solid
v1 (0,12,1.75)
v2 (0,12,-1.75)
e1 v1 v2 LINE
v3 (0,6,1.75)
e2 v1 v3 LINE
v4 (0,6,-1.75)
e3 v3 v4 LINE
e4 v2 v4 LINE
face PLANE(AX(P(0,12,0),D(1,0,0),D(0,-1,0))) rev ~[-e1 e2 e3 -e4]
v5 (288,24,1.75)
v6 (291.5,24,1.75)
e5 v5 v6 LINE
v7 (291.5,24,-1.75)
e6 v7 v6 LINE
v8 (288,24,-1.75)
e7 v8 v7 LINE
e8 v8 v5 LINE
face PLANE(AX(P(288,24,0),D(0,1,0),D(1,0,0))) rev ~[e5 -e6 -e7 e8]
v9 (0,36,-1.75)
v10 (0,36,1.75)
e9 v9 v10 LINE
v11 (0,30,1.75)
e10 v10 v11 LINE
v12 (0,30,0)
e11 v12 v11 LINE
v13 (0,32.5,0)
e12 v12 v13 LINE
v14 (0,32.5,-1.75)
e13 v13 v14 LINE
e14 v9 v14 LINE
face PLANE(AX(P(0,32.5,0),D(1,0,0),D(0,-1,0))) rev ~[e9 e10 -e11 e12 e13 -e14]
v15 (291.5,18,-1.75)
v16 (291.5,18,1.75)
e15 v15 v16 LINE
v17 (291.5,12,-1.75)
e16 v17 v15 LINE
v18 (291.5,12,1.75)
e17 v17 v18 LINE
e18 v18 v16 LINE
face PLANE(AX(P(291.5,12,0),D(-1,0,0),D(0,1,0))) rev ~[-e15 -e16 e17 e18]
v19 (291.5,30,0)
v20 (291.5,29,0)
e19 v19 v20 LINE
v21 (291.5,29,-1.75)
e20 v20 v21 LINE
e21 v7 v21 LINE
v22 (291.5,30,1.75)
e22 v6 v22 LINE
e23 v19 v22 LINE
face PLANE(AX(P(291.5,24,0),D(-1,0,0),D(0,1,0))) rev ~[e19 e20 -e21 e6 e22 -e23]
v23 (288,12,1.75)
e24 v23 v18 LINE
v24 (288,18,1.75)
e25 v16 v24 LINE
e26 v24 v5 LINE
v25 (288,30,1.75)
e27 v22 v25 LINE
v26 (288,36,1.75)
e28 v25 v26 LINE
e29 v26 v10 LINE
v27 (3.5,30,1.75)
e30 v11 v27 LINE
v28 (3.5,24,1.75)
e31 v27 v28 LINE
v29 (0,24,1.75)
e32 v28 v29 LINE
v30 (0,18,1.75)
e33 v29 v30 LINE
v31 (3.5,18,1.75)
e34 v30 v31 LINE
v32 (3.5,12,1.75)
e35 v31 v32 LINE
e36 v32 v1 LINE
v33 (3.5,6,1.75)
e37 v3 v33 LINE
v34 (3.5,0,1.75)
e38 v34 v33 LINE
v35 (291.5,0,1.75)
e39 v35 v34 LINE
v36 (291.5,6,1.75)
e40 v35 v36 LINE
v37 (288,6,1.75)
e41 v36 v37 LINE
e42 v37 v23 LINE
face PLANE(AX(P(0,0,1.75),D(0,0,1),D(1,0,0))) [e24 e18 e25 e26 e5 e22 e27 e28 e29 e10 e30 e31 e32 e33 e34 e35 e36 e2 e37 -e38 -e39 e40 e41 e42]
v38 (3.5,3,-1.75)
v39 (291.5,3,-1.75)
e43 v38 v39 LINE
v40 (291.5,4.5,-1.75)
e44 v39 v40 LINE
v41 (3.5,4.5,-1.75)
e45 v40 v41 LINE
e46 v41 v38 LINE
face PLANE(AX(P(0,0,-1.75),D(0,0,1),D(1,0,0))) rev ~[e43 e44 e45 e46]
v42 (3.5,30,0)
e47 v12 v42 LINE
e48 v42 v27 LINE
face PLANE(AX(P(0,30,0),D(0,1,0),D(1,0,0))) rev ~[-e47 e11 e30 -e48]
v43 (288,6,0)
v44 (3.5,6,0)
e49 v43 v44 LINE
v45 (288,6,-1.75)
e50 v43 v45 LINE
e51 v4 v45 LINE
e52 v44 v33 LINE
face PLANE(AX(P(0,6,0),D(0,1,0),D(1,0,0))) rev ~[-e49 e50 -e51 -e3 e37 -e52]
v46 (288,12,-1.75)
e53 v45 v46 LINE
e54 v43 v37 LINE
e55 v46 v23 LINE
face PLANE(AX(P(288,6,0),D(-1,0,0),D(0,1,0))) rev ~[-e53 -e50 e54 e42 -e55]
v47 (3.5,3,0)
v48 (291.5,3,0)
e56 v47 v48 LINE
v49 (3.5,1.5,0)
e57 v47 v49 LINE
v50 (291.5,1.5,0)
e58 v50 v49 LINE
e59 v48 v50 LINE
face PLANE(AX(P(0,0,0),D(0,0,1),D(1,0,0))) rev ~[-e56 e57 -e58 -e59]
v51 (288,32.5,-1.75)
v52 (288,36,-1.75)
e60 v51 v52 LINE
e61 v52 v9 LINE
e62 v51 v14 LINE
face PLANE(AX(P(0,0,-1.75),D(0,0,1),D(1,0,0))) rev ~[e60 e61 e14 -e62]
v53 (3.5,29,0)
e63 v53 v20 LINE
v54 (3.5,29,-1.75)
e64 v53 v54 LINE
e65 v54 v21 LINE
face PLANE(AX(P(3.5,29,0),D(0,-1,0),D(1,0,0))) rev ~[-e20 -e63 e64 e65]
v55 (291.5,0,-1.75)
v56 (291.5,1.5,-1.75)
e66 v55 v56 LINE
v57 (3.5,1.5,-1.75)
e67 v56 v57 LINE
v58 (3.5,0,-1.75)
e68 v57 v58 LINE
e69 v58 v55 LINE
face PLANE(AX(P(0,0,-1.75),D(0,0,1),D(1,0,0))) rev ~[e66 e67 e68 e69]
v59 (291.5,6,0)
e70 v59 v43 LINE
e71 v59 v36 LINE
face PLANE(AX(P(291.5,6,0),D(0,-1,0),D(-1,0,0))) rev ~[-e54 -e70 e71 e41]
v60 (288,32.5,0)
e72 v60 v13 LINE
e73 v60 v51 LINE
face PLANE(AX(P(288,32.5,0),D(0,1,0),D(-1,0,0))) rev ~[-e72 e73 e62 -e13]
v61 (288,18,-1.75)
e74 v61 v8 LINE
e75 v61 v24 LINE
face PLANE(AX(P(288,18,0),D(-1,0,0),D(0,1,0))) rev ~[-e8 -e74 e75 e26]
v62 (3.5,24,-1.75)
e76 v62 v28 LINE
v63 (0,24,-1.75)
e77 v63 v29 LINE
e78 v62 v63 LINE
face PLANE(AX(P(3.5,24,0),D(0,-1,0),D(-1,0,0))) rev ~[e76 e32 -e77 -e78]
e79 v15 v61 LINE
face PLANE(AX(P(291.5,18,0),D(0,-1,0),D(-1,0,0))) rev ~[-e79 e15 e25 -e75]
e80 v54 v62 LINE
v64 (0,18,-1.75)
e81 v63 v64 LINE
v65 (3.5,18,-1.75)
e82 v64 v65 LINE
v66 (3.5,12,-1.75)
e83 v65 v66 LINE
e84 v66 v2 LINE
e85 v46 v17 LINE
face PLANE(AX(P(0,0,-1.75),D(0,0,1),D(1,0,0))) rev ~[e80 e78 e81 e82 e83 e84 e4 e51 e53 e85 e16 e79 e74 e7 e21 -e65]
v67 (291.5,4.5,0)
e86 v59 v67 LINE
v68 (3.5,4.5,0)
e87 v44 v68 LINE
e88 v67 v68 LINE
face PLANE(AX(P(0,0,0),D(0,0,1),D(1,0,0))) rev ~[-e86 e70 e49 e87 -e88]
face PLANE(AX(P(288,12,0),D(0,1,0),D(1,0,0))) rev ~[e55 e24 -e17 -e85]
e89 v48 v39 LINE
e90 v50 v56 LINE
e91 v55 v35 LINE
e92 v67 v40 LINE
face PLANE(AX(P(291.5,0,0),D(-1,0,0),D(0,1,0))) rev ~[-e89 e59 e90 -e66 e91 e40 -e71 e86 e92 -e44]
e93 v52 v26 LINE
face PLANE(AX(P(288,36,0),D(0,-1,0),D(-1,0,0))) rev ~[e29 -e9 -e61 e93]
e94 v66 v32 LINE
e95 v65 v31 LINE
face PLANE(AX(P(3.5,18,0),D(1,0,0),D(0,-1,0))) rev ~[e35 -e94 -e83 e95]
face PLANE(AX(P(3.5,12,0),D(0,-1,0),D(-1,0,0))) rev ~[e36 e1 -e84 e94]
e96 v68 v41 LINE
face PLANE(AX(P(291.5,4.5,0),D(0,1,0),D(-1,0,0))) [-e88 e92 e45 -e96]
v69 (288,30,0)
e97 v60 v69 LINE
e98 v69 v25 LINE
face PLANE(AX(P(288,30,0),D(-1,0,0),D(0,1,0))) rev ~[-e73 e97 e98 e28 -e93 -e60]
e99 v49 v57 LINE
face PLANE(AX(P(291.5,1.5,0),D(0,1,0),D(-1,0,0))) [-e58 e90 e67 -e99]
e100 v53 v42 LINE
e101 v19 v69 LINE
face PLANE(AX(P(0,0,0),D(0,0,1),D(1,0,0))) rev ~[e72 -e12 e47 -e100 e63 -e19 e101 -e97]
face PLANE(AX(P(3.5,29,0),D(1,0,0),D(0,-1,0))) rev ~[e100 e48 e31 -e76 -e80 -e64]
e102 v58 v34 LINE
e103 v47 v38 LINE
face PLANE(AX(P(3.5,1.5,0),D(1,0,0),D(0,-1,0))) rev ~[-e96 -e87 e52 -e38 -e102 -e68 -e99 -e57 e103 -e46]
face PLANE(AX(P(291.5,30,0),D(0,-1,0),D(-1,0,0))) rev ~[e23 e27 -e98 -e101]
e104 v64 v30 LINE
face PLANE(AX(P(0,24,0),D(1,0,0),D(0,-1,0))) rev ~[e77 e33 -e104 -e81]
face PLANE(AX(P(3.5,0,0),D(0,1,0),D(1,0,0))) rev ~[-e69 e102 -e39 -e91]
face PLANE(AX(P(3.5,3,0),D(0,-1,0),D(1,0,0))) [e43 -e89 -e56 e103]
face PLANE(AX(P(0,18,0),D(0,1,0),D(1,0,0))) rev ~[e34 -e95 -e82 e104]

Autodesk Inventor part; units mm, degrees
ref_plane "YZ Plane" through (0, 0, 0) normal (1, 0, 0) x (0, 1, 0)
ref_plane "XZ Plane" through (0, 0, 0) normal (0, 1, 0) x (-1, 0, 0)
ref_plane "XY Plane" through (0, 0, 0) normal (0, 0, 1) x (1, 0, 0)
sketch "Sketch1" plane through (0, 0, 0) normal (0, 0, 1) x (1, 0, 0)
  line L0 (3.5, 0) -> (288, 0)
  line L1 (288, 36) -> (0, 36)
  line L2 (288, 0) -> (291.5, 0)
  line L3 (291.5, 0) -> (291.5, 6)
  line L4 (291.5, 6) -> (288, 6)
  line L5 (288, 6) -> (288, 12)
  line L6 (288, 12) -> (291.5, 12)
  line L7 (291.5, 12) -> (291.5, 18)
  line L8 (291.5, 18) -> (288, 18)
  line L9 (288, 18) -> (288, 24)
  line L10 (288, 30) -> (288, 36)
  line L11 (288, 24) -> (291.5, 24)
  line L12 (291.5, 24) -> (291.5, 30)
  line L13 (291.5, 30) -> (288, 30)
  line L14 (0, 36) -> (0, 30)
  line L15 (0, 24) -> (0, 18)
  line L16 (0, 12) -> (0, 6)
  line L17 (0, 30) -> (3.5, 30)
  line L18 (3.5, 30) -> (3.5, 24)
  line L19 (3.5, 24) -> (0, 24)
  line L20 (0, 18) -> (3.5, 18)
  line L21 (3.5, 18) -> (3.5, 12)
  line L22 (3.5, 12) -> (0, 12)
  line L23 (0, 6) -> (3.5, 6)
  line L24 (3.5, 6) -> (3.5, 0)
  line L25 (3.5, 0) -> (291.5, 0)
  line L26 (291.5, 0) -> (291.5, 1.5)
  line L27 (291.5, 1.5) -> (3.5, 1.5)
  line L28 (3.5, 1.5) -> (3.5, 0)
  line L29 (291.5, 1.5) -> (3.5, 1.5)
  line L30 (3.5, 1.5) -> (3.5, 3)
  line L31 (3.5, 3) -> (291.5, 3)
  line L32 (291.5, 3) -> (291.5, 1.5)
  line L33 (3.5, 3) -> (291.5, 3)
  line L34 (291.5, 3) -> (291.5, 4.5)
  line L35 (291.5, 4.5) -> (3.5, 4.5)
  line L36 (3.5, 4.5) -> (3.5, 3)
  line L37 (291.5, 4.5) -> (3.5, 4.5)
  line L38 (0, 6) -> (291.5, 6)
  line L39 (291.5, 6) -> (291.5, 4.5)
  line L40 (0, 36) -> (288, 36)
  line L41 (288, 32.5) -> (0, 32.5)
  line L42 (0, 32.5) -> (0, 36)
  line L43 (288, 32.5) -> (0, 32.5)
  line L44 (0, 32.5) -> (0, 30)
  line L45 (3.5, 29) -> (291.5, 29)
  line L46 (291.5, 29) -> (291.5, 30)
  point P0 (3.5, 1.5)
  dimension "d41" = 288
  dimension "d42" = 36
  dimension "d43" = 3.5
  dimension "d44" = 6
  dimension "d45" = 6
  dimension "d46" = 6
  dimension "d47" = 6
  dimension "d48" = 6
  dimension "d49" = 6
  dimension "d56" = 3.5
  dimension "d57" = 1.5
  dimension "d58" = 1.5
  dimension "d59" = 1.5
extrude "Extrusion1" add sketch "Sketch1" along normal blind 1.75
extrude "Extrusion2" add sketch "Sketch1" against normal blind 1.75 contours L24 L27 L3 L2 L0 | L24 L35 L3 L31 | L23 L16 L22 L21 L20 L15 L19 L18 L45 L12 L11 L9 L8 L7 L6 L5 L38 | L14 L1 L10 L41
properties part number "Side Wall"
